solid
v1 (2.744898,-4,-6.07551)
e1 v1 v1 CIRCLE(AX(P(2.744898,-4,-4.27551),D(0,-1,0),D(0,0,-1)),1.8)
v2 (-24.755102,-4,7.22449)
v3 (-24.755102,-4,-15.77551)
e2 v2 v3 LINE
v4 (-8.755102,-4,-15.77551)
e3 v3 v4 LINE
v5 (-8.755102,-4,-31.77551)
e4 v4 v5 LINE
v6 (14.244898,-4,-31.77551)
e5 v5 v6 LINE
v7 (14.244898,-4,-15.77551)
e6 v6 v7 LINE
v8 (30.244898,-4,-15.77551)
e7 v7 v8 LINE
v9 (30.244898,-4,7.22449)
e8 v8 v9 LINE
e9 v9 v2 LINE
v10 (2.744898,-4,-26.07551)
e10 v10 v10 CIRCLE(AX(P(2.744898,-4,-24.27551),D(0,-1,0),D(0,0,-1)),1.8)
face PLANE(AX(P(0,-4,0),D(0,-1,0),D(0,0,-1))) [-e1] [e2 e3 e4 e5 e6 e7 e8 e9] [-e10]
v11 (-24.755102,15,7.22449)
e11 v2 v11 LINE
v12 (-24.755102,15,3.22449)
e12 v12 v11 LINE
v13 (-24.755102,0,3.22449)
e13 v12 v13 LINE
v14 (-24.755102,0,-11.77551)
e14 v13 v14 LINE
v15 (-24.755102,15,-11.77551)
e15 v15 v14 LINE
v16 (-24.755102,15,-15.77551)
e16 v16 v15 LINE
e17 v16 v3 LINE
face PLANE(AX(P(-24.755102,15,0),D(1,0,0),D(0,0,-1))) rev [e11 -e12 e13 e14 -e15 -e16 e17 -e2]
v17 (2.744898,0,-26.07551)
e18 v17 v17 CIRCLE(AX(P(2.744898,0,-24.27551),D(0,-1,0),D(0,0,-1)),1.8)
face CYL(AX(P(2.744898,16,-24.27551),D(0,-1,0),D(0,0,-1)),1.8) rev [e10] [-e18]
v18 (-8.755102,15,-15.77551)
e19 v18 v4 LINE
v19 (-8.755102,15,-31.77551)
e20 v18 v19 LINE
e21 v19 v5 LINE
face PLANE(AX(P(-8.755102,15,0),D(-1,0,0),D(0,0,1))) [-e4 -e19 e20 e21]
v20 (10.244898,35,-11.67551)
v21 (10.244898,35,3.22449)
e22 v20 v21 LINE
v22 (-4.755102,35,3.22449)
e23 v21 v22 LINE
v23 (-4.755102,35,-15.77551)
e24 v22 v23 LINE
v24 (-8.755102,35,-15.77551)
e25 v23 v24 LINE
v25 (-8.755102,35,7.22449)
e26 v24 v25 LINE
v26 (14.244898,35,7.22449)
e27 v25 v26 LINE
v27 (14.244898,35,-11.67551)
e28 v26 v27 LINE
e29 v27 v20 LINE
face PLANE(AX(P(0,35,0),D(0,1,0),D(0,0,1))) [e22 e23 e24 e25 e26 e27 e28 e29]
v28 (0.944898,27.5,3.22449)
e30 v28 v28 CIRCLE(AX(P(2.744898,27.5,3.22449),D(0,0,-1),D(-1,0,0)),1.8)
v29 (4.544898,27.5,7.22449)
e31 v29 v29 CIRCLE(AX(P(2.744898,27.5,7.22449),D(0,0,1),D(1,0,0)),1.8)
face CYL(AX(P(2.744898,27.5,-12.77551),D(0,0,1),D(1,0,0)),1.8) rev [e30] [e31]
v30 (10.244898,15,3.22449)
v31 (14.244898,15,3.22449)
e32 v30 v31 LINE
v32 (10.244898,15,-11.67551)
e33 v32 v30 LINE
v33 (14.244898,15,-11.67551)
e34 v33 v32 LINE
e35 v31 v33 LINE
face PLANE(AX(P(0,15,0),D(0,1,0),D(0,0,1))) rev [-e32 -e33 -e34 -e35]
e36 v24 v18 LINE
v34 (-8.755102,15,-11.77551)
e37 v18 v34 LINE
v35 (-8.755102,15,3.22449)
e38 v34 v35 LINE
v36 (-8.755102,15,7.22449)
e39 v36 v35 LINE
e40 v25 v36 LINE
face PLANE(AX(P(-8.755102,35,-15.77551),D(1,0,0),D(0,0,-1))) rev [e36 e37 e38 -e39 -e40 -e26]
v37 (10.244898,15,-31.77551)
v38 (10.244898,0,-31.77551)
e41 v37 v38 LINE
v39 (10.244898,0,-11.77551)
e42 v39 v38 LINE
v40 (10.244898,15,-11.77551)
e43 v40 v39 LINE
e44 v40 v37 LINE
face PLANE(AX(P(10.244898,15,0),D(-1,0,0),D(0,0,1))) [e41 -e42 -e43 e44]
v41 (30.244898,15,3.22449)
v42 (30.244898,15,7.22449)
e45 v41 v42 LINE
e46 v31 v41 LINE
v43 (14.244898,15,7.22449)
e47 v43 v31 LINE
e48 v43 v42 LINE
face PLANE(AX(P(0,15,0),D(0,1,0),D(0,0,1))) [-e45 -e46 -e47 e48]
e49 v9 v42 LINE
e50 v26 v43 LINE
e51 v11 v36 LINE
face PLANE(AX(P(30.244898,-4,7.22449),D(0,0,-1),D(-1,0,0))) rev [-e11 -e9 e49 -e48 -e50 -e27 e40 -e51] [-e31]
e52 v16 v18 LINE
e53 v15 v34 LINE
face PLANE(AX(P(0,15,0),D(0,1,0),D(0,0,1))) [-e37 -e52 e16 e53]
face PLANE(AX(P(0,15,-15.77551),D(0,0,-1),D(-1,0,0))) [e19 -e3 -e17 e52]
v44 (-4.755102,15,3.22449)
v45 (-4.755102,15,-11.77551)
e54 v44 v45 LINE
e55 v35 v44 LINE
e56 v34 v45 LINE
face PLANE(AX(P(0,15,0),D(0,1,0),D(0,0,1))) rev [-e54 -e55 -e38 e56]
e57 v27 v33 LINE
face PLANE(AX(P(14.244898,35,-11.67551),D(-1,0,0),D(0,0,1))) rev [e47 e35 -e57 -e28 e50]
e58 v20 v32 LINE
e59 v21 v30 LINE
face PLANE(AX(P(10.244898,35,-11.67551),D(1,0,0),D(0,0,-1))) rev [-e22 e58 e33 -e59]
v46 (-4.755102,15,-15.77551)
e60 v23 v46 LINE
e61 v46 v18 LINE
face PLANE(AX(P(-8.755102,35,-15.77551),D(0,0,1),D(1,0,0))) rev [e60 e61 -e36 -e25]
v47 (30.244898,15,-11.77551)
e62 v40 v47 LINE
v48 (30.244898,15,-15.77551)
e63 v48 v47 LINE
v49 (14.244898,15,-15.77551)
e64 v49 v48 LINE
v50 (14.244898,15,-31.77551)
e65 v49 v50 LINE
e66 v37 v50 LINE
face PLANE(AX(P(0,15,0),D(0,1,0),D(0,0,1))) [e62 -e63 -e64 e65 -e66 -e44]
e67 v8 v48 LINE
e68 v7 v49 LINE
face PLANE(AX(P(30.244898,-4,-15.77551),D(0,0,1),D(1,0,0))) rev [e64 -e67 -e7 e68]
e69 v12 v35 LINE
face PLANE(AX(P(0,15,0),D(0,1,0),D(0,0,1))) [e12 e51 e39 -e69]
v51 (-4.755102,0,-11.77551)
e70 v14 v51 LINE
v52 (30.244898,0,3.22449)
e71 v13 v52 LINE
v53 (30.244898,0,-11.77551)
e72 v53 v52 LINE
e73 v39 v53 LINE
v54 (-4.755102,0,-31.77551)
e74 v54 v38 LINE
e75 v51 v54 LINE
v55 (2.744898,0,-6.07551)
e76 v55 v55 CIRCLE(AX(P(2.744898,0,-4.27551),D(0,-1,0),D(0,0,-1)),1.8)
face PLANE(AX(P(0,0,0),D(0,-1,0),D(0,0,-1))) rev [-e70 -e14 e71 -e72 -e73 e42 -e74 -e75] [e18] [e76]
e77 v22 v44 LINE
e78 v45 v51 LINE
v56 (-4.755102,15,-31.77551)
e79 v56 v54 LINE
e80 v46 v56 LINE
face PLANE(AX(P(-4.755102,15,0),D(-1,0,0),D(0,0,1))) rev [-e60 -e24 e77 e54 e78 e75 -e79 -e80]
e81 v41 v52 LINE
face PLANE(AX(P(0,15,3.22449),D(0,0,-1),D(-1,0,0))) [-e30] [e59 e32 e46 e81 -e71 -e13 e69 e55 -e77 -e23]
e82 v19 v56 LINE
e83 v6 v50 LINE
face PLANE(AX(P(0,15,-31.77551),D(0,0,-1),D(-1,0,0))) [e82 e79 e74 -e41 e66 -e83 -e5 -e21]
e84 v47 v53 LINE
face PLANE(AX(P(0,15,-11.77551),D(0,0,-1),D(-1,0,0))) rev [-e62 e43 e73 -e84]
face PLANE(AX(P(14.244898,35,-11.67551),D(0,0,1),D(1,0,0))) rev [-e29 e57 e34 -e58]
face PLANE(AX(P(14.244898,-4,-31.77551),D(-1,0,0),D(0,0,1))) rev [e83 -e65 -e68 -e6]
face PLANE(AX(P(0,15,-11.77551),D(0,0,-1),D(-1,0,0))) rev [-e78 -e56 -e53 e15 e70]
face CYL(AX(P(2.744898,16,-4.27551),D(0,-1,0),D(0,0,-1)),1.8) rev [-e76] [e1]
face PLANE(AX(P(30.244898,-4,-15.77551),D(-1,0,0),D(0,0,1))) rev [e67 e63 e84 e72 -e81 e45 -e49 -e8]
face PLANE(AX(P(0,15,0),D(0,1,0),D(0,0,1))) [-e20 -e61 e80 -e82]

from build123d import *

# Parameters (mm, degrees)
EXTRUDE_1_DEPTH     = 15
EXTRUDE_1_2_DEPTH   = 15
SKETCH_1_W          = 55
SKETCH_1_H          = 4
EXTRUDE_1_3_DEPTH   = 15
EXTRUDE_2_DEPTH     = 4
EXTRUDE_3_DEPTH     = 20
SKETCH_4_R          = 1.8
CUT_EXTRUDE_1_DEPTH = 20
SKETCH_5_R          = 1.8
CUT_EXTRUDE_2_DEPTH = 20


with BuildPart() as part:
    # 草图1 → 凸台-拉伸1 (new body)
    with BuildSketch(Plane(origin=(0, 0, 0), x_dir=(1, 0, 0), z_dir=(0, 1, 0))):
        Polygon((-24.755102041, 11.775510204), (-4.755102041, 11.775510204), (-4.755102041, 31.775510204), (-8.755102041, 31.775510204), (-8.755102041, 15.775510204), (-24.755102041, 15.775510204), align=None)
    extrude(amount=EXTRUDE_1_DEPTH)



with BuildPart() as body_2:
    # 草图1 → Extrude 1 2 (new body)
    with BuildSketch(Plane(origin=(0, 0, 0), x_dir=(1, 0, 0), z_dir=(0, 1, 0))):
        Polygon((30.244897959, 15.775510204), (14.244897959, 15.775510204), (14.244897959, 31.775510204), (10.244897959, 31.775510204), (10.244897959, 11.775510204), (12.244897959, 11.775510204), (30.244897959, 11.775510204), align=None)
    extrude(amount=EXTRUDE_1_2_DEPTH)


with BuildPart() as body_3:
    # 草图1 → Extrude 1 3 (new body)
    with BuildSketch(Plane(origin=(0, 0, 0), x_dir=(1, 0, 0), z_dir=(0, 1, 0))):
        with Locations((2.744897959, -5.224489796)):
            Rectangle(SKETCH_1_W, SKETCH_1_H)
    extrude(amount=EXTRUDE_1_3_DEPTH)


with BuildPart() as part_1:
    add(part.part)

    add(body_2.part)  # 凸台-拉伸2 merges body 2

    add(body_3.part)  # 凸台-拉伸2 merges body 3
    # 草图2 → 凸台-拉伸2 (add)
    with BuildSketch(Plane.XZ):
        Polygon((-8.755102041, -15.775510204), (-24.755102041, -15.775510204), (-24.755102041, 7.224489796), (30.244897959, 7.224489796), (30.244897959, -15.775510204), (14.244897959, -15.775510204), (14.244897959, -31.775510204), (-8.755102041, -31.775510204), align=None)
    extrude(amount=EXTRUDE_2_DEPTH)

    # 草图3 → 凸台-拉伸3 (add)
    with BuildSketch(Plane(origin=(0, 15, 0), x_dir=(1, 0, 0), z_dir=(0, 1, 0))):
        Polygon((-8.755102041, 15.775510204), (-4.755102041, 15.775510204), (-4.755102041, -3.224489796), (10.244897959, -3.224489796), (10.244897959, 11.675510204), (14.244897959, 11.675510204), (14.244897959, -7.224489796), (10.244897959, -7.224489796), (-4.755102041, -7.224489796), (-8.755102041, -7.224489796), align=None)
    extrude(amount=EXTRUDE_3_DEPTH)

    # 草图4 → 切除-拉伸1 (cut)
    with BuildSketch(Plane.XZ.offset(4)):
        with Locations((2.744897959, -24.275510204)):
            Circle(SKETCH_4_R)
        with Locations((2.744897959, -4.275510204)):
            Circle(SKETCH_4_R)
    extrude(amount=-CUT_EXTRUDE_1_DEPTH, mode=Mode.SUBTRACT)

    # 草图5 → 切除-拉伸2 (cut)
    with BuildSketch(Plane.XY.offset(7.224489796)):
        with Locations((2.744897959, 27.5)):
            Circle(SKETCH_5_R)
    extrude(amount=-CUT_EXTRUDE_2_DEPTH, mode=Mode.SUBTRACT)


solid = part_1.part
